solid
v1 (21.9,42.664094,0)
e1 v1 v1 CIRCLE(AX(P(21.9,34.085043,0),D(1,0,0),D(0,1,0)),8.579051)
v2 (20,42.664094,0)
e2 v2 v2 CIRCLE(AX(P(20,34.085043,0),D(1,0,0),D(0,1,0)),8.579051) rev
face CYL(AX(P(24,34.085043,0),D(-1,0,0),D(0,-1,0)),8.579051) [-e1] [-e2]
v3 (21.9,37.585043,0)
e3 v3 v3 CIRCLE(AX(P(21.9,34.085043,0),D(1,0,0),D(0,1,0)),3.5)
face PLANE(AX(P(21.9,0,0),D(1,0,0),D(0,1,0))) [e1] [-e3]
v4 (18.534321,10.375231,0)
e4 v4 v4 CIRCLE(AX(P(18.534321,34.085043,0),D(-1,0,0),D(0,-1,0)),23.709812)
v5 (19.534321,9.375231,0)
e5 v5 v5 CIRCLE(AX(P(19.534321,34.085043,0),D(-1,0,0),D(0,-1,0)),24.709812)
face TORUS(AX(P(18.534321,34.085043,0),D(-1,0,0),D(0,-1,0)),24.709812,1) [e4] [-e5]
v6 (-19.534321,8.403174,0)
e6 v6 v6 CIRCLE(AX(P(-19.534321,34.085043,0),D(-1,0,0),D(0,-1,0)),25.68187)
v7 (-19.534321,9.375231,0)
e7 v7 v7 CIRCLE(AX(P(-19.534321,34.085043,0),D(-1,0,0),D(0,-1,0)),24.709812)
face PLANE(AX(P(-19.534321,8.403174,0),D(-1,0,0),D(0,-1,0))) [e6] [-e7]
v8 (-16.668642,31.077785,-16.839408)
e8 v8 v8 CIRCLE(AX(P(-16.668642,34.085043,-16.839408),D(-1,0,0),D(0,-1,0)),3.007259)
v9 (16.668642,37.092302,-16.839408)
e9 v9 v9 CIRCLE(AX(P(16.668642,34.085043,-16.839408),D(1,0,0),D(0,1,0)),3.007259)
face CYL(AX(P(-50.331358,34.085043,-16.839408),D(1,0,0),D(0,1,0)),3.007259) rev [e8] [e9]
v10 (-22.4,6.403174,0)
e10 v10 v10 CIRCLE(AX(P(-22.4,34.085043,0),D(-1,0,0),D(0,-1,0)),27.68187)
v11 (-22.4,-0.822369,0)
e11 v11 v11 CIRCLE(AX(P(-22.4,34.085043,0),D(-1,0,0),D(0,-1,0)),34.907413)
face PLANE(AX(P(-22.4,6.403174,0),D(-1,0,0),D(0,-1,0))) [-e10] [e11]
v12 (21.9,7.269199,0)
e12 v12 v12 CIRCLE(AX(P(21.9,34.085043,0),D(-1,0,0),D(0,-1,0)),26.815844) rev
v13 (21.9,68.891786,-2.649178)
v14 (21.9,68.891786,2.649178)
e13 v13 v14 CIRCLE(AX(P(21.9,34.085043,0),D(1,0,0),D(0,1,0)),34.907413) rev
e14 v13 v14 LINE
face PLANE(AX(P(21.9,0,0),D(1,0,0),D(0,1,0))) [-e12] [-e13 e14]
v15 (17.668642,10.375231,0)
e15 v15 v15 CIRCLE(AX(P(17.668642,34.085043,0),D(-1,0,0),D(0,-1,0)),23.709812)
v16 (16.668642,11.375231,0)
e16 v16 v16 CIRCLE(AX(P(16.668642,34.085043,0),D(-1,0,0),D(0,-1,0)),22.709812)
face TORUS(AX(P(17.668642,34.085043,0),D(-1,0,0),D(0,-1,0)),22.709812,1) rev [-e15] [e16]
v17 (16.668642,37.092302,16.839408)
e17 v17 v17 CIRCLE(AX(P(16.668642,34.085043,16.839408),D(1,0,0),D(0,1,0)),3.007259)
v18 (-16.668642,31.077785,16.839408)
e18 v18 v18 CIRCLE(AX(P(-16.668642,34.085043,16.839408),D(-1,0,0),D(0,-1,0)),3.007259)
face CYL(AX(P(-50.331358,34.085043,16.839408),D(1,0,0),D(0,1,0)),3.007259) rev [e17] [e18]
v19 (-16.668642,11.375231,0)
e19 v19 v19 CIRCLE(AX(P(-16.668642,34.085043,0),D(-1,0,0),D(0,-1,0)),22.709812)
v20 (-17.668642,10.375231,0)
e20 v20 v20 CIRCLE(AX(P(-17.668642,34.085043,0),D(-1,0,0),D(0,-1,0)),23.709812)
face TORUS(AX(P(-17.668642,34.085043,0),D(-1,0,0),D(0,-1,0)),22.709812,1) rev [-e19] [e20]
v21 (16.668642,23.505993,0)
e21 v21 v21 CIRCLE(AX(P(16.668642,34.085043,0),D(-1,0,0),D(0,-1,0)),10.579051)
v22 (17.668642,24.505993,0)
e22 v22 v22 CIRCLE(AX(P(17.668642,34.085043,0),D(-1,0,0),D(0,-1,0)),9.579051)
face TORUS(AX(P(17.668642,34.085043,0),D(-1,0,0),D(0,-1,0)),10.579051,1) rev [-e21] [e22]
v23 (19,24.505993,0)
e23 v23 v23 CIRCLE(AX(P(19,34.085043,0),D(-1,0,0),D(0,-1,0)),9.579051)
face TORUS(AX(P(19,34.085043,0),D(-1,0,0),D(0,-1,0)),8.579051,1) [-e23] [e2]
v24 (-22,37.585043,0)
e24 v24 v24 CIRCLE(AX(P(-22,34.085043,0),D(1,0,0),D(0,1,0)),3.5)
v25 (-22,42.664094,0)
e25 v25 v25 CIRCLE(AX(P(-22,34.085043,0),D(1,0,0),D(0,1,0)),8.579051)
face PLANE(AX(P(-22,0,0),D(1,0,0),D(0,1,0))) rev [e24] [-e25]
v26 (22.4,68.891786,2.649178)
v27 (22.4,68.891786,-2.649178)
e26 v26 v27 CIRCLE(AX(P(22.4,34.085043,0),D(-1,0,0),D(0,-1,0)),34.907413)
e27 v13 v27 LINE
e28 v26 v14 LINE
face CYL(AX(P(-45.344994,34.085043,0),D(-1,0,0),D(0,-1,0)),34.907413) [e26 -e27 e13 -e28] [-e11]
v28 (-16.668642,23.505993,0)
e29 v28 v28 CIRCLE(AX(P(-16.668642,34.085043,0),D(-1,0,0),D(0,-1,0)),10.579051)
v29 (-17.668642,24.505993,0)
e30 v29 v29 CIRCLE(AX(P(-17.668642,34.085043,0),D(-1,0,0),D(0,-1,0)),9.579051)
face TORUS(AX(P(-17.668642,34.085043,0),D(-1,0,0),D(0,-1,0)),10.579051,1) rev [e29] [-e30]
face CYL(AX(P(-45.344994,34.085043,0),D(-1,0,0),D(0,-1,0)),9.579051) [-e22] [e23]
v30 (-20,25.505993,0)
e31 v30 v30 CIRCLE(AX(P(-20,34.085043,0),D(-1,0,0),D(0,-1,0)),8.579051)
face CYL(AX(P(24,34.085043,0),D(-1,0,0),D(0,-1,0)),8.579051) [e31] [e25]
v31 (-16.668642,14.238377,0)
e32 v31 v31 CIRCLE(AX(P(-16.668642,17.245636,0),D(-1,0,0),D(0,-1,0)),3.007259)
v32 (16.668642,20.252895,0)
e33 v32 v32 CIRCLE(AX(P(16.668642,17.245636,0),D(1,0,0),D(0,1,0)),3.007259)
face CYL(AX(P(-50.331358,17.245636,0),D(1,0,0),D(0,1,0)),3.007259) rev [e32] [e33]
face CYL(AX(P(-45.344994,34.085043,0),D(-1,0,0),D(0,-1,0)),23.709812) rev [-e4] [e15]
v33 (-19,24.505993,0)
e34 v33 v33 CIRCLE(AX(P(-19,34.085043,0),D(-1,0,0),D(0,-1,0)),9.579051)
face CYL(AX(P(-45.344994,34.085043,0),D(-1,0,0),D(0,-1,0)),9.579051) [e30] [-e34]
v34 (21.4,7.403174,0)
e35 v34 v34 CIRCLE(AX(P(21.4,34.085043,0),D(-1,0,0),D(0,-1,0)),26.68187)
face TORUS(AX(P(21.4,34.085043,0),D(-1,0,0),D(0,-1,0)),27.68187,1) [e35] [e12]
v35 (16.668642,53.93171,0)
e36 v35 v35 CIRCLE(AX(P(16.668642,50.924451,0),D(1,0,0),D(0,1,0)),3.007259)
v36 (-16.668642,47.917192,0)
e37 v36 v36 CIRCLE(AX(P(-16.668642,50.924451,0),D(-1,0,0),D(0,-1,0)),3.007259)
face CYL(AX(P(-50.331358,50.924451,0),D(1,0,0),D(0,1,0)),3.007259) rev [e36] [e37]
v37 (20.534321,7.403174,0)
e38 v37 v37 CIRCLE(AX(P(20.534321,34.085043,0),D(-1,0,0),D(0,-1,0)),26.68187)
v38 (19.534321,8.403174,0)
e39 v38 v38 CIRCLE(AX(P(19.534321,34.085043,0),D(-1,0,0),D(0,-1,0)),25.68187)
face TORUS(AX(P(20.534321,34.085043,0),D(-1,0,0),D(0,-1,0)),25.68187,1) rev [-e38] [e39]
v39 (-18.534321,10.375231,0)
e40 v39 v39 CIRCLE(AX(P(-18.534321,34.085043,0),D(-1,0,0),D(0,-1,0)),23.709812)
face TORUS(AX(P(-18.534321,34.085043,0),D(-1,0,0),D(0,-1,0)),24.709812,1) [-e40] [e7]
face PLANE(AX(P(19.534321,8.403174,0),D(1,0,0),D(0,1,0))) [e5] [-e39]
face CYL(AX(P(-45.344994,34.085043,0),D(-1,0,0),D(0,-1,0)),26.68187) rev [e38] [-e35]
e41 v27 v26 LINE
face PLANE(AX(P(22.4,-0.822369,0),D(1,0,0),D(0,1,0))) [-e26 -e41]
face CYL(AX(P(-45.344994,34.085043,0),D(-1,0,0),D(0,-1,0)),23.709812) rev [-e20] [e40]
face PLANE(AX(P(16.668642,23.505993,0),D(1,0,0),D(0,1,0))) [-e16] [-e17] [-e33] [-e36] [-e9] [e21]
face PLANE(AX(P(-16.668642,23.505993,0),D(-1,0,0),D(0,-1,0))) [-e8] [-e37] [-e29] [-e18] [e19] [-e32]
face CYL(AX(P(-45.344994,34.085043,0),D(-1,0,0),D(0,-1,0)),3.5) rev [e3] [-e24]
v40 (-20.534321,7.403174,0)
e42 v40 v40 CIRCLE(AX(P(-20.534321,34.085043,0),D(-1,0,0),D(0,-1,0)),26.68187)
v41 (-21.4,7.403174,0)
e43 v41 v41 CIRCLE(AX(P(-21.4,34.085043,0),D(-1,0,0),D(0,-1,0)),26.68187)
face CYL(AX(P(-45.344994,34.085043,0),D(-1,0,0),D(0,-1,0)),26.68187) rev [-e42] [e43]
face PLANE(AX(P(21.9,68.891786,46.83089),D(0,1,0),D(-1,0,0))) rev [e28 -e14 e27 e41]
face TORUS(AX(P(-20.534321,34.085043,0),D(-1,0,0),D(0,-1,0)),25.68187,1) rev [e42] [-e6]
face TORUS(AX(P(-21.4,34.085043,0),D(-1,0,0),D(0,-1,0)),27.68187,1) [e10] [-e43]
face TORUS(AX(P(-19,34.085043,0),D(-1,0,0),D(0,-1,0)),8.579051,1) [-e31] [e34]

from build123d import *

# Parameters (mm, degrees)
SKETCH4_R                = 3.00725893
CUT_EXTRUDE2_DEPTH       = 67
BOSS_EXTRUDE1_DEPTH      = 4
BOSS_EXTRUDE1_DEPTH_BACK = 44
SKETCH5_R                = 8.579050849
SKETCH5_R_2              = 3.5
SKETCH6_W                = 27.472929146
SKETCH6_H                = 21.134737858
CUT_EXTRUDE3_DEPTH       = 2
SKETCH7_W                = 27.650670989
SKETCH7_H                = 23.658848769
CUT_EXTRUDE4_DEPTH       = 2
SKETCH8_W                = 105.734608076
SKETCH8_H                = 74.092114867
CUT_EXTRUDE5_DEPTH       = 0.5
SKETCH9_W                = 29.792624375
SKETCH9_H                = 24.437740909
CUT_EXTRUDE7_DEPTH       = 16.5


with BuildPart() as part:
    # Sketch1 → Revolve2 (revolve)
    with BuildSketch(Plane.XY):
        with BuildLine():
            Line((20, 30.585043499), (-20, 30.585043499))
            Line((-20, 30.585043499), (-20, 25.50599265))
            ThreePointArc((-20, 25.50599265), (-19.707106781, 24.798885869), (-19, 24.50599265))
            Line((-19, 24.50599265), (-17.668642291, 24.50599265))
            ThreePointArc((-17.668642291, 24.50599265), (-16.96153551, 24.213099431), (-16.668642291, 23.50599265))
            Line((-16.668642291, 23.50599265), (-16.668642291, 11.375231402))
            ThreePointArc((-16.668642291, 11.375231402), (-16.96153551, 10.668124621), (-17.668642291, 10.375231402))
            Line((-17.668642291, 10.375231402), (-18.534321146, 10.375231402))
            ThreePointArc((-18.534321146, 10.375231402), (-19.241427927, 10.082338183), (-19.534321146, 9.375231402))
            Line((-19.534321146, 9.375231402), (-19.534321146, 8.403173973))
            ThreePointArc((-19.534321146, 8.403173973), (-19.827214364, 7.696067192), (-20.534321146, 7.403173973))
            Line((-20.534321146, 7.403173973), (-21.4, 7.403173973))
            ThreePointArc((-21.4, 7.403173973), (-22.107106781, 7.110280754), (-22.4, 6.403173973))
            Line((-22.4, 6.403173973), (-22.4, -0.822369318))
            Line((-22.4, -0.822369318), (22.4, -0.822369318))
            Line((22.4, -0.822369318), (22.4, 6.403173973))
            ThreePointArc((22.4, 6.403173973), (22.107106781, 7.110280754), (21.4, 7.403173973))
            Line((21.4, 7.403173973), (20.534321146, 7.403173973))
            ThreePointArc((20.534321146, 7.403173973), (19.827214364, 7.696067192), (19.534321146, 8.403173973))
            Line((19.534321146, 8.403173973), (19.534321146, 9.375231402))
            ThreePointArc((19.534321146, 9.375231402), (19.241427927, 10.082338183), (18.534321146, 10.375231402))
            Line((18.534321146, 10.375231402), (17.668642291, 10.375231402))
            ThreePointArc((17.668642291, 10.375231402), (16.96153551, 10.668124621), (16.668642291, 11.375231402))
            Line((16.668642291, 11.375231402), (16.668642291, 23.50599265))
            ThreePointArc((16.668642291, 23.50599265), (16.96153551, 24.213099431), (17.668642291, 24.50599265))
            Line((17.668642291, 24.50599265), (19, 24.50599265))
            ThreePointArc((19, 24.50599265), (19.707106781, 24.798885869), (20, 25.50599265))
            Line((20, 25.50599265), (20, 30.585043499))
        make_face()
    revolve(axis=Axis((-45.34499362, 34.085043499, 0), (1, 0, 0)))

    # Sketch4 → Cut-Extrude2 (cut)
    with BuildSketch(Plane(origin=(16.668642291, 0, 0), x_dir=(0, 0, -1), z_dir=(1, 0, 0))):
        with Locations(Location((0, 50.924451375, 0), (0, 0, 90))):
            Circle(SKETCH4_R)
        with Locations(Location((16.839407875, 34.085043499, 0), (0, 0, 90))):
            Circle(SKETCH4_R)
        with Locations(Location((0, 17.245635624, 0), (0, 0, 90))):
            Circle(SKETCH4_R)
        with Locations(Location((-16.839407875, 34.085043499, 0), (0, 0, 90))):
            Circle(SKETCH4_R)
    extrude(amount=-CUT_EXTRUDE2_DEPTH, mode=Mode.SUBTRACT)

    # Sketch5 → Boss-Extrude1 (add, two sides: drawn at the far end of the back side and taken through both)
    with BuildSketch(Plane(origin=(20, 0, 0), x_dir=(0, 0, -1), z_dir=(1, 0, 0)).offset(-BOSS_EXTRUDE1_DEPTH_BACK)):
        with Locations(Location((0, 34.085043499, 0), (0, 0, 90))):
            Circle(SKETCH5_R)
        with Locations(Location((0, 34.085043499, 0), (0, 0, 90))):
            Circle(SKETCH5_R_2, mode=Mode.SUBTRACT)
    extrude(amount=BOSS_EXTRUDE1_DEPTH + BOSS_EXTRUDE1_DEPTH_BACK)

    # Sketch6 → Cut-Extrude3 (cut)
    with BuildSketch(Plane.ZY.offset(24)):
        with Locations((-1.435444058, 31.986358851)):
            Rectangle(SKETCH6_W, SKETCH6_H)
    extrude(amount=-CUT_EXTRUDE3_DEPTH, mode=Mode.SUBTRACT)

    # Sketch7 → Cut-Extrude4 (cut)
    with BuildSketch(Plane(origin=(24, 0, 0), x_dir=(0, 0, -1), z_dir=(1, 0, 0))):
        with Locations((-1.070976694, 34.279766534)):
            Rectangle(SKETCH7_W, SKETCH7_H)
    extrude(amount=-CUT_EXTRUDE4_DEPTH, mode=Mode.SUBTRACT)

    # Sketch8 → Cut-Extrude5 (cut)
    with BuildSketch(Plane(origin=(22.4, 0, 0), x_dir=(0, 0, -1), z_dir=(1, 0, 0))):
        with Locations((6.036414089, 31.845728596)):
            Rectangle(SKETCH8_W, SKETCH8_H)
    extrude(amount=-CUT_EXTRUDE5_DEPTH, mode=Mode.SUBTRACT)

    # Sketch9 → Cut-Extrude7 (cut)
    with BuildSketch(Plane.ZY.offset(22)):
        with Locations((2.044591869, 33.598235912)):
            Rectangle(SKETCH9_W, SKETCH9_H)
    extrude(amount=CUT_EXTRUDE7_DEPTH, mode=Mode.SUBTRACT)


solid = part.part
